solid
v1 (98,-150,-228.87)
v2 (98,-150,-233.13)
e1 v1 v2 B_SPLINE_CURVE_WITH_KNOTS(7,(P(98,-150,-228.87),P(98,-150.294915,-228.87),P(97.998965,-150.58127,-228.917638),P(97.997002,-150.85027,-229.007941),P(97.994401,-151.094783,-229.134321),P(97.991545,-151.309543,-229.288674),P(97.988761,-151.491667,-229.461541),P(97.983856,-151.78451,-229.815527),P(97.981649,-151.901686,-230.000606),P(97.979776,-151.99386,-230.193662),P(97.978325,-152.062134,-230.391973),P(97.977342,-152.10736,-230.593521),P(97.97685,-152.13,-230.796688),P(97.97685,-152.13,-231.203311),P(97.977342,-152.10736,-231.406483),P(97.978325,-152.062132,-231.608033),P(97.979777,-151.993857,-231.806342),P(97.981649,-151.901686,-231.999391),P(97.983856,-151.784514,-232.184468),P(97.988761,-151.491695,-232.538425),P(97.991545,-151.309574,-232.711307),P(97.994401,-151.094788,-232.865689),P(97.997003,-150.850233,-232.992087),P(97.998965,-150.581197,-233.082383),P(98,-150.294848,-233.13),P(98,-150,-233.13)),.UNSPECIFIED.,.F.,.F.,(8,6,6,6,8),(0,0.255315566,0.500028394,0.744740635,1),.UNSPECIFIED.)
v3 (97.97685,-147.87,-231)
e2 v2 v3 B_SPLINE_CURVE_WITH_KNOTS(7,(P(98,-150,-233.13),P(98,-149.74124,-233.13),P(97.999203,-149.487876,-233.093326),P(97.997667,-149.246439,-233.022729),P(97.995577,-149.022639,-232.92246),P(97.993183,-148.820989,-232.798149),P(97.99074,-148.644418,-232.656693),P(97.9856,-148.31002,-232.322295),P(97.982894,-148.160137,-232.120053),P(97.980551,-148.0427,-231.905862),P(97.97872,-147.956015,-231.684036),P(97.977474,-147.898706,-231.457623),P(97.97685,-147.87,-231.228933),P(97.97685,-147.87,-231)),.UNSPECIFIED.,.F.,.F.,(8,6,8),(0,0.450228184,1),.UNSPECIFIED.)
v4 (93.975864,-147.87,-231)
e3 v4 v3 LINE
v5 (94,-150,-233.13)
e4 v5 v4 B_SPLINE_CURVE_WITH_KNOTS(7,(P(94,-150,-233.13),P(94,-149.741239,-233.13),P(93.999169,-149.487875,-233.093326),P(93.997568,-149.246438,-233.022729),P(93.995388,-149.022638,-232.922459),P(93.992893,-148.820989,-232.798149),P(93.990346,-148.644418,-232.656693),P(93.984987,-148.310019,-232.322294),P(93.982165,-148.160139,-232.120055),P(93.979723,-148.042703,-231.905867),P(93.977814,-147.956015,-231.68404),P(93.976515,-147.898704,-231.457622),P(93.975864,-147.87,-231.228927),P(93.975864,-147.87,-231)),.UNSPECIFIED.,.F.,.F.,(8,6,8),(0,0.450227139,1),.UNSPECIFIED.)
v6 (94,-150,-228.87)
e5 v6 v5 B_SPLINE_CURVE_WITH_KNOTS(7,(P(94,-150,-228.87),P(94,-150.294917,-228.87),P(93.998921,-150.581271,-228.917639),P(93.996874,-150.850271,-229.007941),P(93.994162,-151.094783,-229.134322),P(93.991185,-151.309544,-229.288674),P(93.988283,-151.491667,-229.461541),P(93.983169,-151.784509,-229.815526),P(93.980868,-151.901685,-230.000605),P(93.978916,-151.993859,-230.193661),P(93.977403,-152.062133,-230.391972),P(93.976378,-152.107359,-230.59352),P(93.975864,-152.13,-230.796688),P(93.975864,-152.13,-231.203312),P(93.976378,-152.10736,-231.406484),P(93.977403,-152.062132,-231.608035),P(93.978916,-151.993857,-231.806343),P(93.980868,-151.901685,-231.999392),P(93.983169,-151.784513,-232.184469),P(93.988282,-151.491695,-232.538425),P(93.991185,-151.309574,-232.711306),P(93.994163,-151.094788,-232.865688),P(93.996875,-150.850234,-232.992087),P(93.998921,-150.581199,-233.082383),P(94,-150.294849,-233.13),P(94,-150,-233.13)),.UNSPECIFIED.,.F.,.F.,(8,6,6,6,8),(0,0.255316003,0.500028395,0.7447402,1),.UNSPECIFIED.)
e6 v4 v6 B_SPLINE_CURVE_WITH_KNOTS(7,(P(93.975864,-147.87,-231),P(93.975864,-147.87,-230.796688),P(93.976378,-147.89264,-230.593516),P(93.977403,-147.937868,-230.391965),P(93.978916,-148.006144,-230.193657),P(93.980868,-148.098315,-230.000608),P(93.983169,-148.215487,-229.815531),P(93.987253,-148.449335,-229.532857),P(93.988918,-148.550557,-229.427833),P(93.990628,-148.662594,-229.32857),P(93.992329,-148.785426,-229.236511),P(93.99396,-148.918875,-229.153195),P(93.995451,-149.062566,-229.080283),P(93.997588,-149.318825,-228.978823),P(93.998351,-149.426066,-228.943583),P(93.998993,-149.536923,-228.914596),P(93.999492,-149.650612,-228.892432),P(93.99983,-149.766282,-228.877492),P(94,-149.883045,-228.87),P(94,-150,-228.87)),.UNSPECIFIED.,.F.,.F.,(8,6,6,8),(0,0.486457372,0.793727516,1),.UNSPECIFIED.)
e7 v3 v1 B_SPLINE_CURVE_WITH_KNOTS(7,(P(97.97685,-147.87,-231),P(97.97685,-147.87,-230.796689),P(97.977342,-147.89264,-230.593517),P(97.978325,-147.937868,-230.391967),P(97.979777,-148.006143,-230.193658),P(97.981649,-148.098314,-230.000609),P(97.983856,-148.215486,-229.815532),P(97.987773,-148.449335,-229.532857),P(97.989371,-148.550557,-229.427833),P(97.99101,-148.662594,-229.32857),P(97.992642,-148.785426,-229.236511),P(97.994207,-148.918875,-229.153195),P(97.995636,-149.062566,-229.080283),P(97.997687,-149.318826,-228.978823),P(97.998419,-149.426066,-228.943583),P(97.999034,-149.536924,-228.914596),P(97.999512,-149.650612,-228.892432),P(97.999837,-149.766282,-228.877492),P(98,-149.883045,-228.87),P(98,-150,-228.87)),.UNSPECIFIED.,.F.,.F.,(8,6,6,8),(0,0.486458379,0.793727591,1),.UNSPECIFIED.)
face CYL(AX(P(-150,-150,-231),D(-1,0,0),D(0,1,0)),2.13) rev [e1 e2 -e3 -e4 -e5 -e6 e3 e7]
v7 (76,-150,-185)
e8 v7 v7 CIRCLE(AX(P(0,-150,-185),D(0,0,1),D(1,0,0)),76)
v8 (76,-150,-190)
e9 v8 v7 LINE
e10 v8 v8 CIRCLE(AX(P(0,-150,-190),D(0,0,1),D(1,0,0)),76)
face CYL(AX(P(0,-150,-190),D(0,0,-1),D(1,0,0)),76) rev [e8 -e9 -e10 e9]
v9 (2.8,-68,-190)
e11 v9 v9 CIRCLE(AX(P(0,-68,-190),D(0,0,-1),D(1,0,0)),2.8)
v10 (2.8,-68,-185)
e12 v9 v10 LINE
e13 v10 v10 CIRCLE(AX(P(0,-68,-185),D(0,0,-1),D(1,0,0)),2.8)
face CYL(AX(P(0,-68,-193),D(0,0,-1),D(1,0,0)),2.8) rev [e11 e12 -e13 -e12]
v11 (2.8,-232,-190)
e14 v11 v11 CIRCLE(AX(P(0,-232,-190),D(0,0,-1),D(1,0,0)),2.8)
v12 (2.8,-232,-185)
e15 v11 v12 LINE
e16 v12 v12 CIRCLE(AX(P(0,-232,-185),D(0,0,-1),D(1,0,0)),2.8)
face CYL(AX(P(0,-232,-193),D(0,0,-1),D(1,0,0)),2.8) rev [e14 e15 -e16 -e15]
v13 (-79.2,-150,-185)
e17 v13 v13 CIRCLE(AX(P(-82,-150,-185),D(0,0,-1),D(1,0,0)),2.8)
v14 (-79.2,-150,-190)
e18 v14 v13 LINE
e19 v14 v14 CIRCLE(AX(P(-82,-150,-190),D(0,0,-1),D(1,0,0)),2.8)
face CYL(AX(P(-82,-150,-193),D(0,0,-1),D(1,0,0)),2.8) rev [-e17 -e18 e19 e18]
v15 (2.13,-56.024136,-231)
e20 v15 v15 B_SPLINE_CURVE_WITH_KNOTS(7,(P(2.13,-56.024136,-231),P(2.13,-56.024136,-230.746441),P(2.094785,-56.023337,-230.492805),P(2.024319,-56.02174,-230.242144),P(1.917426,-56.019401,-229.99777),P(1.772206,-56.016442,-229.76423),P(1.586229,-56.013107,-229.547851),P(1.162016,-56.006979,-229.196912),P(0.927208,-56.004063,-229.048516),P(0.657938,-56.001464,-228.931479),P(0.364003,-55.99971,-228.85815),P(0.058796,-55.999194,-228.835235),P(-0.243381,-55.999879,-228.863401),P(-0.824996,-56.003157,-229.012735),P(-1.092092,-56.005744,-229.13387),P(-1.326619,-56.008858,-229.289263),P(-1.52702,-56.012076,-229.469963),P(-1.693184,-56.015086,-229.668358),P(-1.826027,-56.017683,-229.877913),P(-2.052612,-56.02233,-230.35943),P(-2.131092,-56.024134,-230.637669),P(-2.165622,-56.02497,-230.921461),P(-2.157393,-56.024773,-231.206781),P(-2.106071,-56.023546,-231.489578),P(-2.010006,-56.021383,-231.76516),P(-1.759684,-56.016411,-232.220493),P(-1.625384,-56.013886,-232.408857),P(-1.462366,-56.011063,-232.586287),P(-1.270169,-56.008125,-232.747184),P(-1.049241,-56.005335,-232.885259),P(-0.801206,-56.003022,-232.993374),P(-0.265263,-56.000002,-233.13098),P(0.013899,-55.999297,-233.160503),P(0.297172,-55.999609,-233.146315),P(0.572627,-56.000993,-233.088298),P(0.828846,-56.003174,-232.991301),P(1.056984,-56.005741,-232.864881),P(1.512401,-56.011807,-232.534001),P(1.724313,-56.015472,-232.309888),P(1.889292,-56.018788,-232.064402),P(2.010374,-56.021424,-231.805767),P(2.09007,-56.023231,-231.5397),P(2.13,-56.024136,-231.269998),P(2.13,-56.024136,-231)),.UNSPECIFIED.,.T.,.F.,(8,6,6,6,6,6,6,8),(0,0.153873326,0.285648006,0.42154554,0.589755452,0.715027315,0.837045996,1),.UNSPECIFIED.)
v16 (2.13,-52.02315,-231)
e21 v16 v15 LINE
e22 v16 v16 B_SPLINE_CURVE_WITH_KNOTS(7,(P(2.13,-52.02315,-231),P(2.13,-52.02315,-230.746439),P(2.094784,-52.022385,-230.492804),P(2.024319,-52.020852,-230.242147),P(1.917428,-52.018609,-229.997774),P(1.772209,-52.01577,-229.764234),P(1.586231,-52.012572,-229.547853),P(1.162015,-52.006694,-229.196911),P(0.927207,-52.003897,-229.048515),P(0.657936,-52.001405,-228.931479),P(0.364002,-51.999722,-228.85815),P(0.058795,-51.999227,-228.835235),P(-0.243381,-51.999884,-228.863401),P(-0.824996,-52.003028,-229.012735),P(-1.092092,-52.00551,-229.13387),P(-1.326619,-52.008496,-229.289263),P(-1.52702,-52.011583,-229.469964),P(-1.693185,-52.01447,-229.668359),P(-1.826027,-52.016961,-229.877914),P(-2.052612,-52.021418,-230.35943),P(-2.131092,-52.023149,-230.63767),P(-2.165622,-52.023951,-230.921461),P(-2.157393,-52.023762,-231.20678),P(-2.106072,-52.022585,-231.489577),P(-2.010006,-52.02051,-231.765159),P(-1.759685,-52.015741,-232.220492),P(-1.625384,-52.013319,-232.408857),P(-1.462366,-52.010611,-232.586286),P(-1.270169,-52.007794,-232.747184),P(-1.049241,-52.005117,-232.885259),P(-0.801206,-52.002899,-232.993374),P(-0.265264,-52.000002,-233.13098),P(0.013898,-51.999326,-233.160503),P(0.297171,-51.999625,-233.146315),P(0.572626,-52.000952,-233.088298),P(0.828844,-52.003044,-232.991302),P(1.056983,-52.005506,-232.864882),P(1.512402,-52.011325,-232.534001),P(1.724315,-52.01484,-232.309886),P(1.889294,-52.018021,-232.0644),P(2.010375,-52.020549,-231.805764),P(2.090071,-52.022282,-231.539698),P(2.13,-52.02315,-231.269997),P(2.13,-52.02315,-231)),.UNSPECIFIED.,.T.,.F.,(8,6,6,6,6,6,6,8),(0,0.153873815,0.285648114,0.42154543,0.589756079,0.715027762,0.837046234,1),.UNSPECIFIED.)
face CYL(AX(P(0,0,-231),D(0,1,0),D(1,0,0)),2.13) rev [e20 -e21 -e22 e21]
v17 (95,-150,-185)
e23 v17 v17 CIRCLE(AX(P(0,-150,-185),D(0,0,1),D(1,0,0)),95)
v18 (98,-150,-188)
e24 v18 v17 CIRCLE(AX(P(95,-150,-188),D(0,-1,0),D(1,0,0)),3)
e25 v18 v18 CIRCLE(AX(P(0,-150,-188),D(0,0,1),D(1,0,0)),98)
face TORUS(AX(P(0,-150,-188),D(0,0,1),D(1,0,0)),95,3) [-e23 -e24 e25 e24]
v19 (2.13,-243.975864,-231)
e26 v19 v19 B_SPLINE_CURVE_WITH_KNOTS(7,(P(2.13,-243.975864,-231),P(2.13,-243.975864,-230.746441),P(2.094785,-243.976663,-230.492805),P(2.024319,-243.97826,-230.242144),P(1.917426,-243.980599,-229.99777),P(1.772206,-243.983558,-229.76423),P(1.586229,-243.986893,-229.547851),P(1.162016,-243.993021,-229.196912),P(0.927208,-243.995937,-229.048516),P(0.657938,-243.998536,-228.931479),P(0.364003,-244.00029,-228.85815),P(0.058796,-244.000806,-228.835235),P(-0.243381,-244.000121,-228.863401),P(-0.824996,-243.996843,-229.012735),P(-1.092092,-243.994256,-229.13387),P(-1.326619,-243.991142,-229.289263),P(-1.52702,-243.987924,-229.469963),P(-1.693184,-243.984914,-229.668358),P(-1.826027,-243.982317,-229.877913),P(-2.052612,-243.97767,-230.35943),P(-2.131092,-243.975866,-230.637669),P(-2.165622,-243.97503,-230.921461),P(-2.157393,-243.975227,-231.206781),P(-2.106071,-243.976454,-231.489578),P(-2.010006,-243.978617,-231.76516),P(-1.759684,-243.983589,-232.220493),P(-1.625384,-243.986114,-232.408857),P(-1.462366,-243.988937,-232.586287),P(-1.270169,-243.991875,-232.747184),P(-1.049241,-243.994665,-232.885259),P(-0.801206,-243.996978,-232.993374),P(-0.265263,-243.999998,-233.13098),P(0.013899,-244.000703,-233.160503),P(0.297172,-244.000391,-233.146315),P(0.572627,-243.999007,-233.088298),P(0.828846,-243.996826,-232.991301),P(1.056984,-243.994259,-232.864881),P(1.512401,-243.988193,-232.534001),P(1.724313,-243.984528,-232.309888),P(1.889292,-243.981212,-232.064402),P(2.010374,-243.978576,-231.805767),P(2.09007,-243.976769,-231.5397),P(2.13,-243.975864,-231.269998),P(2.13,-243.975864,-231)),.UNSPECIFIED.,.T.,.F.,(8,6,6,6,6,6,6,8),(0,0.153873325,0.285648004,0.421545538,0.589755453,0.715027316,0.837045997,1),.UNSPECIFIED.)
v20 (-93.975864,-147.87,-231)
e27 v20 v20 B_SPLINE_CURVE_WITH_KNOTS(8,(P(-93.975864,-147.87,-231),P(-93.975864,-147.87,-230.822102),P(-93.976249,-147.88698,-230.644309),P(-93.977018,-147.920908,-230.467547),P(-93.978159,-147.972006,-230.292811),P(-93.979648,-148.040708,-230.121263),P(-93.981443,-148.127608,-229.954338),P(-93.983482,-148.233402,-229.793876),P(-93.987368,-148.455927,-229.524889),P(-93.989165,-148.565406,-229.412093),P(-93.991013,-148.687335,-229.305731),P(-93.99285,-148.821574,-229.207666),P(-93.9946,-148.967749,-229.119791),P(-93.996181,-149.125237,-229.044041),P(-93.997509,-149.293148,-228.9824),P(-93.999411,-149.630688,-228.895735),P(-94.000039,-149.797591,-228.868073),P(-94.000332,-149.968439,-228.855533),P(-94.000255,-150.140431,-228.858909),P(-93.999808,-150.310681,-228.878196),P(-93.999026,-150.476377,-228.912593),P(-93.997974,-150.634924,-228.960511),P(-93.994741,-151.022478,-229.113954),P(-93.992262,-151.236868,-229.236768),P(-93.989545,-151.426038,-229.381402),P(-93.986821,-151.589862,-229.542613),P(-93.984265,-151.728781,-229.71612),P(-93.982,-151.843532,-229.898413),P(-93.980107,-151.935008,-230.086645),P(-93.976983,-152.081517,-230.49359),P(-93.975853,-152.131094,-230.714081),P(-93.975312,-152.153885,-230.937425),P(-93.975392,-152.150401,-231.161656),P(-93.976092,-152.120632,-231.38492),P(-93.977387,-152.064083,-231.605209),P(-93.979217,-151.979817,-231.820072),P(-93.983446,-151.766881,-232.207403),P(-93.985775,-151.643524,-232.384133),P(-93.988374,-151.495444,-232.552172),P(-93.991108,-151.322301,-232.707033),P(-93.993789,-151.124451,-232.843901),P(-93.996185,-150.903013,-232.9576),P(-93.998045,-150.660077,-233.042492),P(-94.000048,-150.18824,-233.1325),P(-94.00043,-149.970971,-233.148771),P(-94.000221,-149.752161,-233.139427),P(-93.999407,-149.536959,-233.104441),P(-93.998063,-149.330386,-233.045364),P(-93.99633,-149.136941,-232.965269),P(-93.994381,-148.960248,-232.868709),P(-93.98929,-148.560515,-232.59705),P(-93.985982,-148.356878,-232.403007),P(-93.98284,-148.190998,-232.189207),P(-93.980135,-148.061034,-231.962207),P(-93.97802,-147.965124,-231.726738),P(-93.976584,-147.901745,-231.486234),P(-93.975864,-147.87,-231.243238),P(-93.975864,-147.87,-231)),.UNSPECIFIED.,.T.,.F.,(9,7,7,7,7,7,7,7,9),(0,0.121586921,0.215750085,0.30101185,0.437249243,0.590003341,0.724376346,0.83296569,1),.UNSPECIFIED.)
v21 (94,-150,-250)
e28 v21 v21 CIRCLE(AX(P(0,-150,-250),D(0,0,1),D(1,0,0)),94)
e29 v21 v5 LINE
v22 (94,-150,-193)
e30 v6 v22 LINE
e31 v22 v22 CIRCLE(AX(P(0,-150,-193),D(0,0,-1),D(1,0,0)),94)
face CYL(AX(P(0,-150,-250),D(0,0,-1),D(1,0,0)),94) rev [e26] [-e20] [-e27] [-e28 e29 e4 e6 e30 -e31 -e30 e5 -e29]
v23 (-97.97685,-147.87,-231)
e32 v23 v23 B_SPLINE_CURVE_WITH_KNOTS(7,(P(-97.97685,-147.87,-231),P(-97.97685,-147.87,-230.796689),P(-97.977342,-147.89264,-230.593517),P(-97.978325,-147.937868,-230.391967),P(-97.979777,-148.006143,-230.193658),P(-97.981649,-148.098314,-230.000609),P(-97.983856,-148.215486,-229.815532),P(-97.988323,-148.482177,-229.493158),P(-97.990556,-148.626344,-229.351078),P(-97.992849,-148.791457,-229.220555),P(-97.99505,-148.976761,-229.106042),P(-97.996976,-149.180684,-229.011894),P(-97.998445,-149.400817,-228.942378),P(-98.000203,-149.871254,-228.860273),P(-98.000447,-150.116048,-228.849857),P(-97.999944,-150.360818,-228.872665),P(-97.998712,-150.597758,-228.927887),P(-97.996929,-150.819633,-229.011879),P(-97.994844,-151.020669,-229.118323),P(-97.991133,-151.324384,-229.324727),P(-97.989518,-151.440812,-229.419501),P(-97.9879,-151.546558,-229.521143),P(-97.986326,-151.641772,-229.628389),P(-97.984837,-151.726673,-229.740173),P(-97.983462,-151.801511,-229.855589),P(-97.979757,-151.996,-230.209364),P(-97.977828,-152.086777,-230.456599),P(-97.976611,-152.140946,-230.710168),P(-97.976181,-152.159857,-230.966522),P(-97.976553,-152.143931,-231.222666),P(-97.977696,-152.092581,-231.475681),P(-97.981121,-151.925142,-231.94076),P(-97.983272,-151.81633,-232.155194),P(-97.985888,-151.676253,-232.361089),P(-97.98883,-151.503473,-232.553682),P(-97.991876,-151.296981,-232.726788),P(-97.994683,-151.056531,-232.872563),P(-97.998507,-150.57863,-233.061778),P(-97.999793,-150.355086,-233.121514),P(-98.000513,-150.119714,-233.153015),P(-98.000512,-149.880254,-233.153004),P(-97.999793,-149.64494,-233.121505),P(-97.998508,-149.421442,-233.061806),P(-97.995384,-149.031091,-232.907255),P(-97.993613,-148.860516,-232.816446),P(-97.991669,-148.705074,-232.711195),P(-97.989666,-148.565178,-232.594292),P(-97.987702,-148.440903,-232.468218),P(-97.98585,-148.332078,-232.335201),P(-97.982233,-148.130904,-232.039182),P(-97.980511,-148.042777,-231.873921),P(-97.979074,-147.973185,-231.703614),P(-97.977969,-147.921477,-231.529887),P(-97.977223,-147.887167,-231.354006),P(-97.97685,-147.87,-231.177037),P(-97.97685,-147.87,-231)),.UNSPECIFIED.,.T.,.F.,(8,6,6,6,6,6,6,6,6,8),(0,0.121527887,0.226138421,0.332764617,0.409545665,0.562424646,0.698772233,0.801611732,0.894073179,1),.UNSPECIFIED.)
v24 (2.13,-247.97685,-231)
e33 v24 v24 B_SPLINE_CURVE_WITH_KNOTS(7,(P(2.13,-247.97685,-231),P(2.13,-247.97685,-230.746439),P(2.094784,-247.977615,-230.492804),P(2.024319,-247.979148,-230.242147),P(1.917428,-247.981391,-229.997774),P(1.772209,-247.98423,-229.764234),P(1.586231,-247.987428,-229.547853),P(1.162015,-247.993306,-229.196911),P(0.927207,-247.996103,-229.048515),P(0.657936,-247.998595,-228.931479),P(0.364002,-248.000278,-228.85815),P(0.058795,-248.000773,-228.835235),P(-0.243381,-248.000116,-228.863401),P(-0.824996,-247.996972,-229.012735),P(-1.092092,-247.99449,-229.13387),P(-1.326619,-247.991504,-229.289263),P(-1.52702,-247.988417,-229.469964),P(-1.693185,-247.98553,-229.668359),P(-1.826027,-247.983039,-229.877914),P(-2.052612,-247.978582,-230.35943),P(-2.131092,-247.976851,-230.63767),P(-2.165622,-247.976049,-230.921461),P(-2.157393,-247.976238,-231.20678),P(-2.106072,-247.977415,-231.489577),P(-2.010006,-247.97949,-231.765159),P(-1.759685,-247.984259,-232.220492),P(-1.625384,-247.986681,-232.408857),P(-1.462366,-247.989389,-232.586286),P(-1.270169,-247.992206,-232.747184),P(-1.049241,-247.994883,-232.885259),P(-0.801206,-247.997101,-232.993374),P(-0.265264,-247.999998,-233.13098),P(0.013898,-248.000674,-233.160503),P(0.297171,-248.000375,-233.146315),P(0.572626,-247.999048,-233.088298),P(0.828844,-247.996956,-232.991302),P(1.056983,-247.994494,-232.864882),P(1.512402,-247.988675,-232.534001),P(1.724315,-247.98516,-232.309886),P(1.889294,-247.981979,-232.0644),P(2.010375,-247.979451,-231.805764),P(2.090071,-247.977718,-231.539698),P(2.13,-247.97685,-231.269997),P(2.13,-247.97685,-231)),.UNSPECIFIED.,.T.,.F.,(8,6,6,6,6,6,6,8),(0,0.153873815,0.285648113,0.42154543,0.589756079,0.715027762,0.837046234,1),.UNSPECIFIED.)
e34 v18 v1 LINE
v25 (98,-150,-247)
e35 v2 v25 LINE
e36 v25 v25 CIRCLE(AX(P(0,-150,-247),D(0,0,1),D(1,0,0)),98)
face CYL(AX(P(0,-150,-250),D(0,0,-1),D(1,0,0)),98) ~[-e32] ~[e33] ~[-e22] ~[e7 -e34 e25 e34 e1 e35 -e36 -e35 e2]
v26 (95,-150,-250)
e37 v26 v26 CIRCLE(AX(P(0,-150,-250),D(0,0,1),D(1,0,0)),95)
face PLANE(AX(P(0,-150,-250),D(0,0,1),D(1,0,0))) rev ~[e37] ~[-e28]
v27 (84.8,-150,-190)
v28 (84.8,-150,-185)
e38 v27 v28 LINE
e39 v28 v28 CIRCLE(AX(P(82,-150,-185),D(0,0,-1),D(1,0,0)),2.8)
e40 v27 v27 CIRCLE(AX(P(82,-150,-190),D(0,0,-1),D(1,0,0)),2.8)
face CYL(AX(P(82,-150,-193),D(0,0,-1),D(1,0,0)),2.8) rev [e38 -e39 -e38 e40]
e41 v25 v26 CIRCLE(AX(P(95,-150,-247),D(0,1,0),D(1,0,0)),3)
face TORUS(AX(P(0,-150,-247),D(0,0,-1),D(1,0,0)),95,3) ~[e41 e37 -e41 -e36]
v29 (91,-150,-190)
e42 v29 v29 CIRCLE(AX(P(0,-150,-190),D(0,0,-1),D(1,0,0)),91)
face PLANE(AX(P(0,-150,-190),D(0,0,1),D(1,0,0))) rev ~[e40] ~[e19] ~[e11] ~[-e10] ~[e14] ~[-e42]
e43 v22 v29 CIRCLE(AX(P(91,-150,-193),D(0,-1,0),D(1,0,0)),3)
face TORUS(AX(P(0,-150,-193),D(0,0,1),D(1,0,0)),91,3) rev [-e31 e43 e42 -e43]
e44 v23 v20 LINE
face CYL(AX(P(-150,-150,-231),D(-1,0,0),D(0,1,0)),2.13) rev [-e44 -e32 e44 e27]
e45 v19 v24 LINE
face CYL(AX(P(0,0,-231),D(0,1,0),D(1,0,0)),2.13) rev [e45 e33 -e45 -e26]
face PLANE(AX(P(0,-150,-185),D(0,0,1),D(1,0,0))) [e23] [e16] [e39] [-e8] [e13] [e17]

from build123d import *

# Parameters (mm, degrees)
SKETCH044_R       = 2.8
EXTRUDE026_DEPTH  = 20
CYLINDER131_R     = 2.13
CYLINDER131_DEPTH = 300
CYLINDER132_R     = 2.13
CYLINDER132_DEPTH = 300
TUBE004_R         = 98
TUBE004_R_2       = 94
TUBE004_DEPTH     = 65
SKETCH042_R       = 98
SKETCH042_R_2     = 76
EXTRUDE024_DEPTH  = 5
FILLET002_R       = 3


with BuildPart() as m4heatsetvercuts001:
    # Sketch044 → Extrude026 (new body)
    with BuildSketch(Plane.XY):
        with Locations((0, -68)):
            Circle(SKETCH044_R)
        with Locations((82, -150)):
            Circle(SKETCH044_R)
        with Locations((0, -232)):
            Circle(SKETCH044_R)
        with Locations((-82, -150)):
            Circle(SKETCH044_R)
    extrude(amount=EXTRUDE026_DEPTH)


with BuildPart() as m4heatsetvercuts001_1:
    # Extrude026 placement: moved
    add(m4heatsetvercuts001.part.moved(Location((0, 0, -193))))


with BuildPart() as cylinder131:
    # Cylinder131 → Cylinder131 (new body)
    with BuildSketch(Plane(origin=(0, 0, 90), x_dir=(1, 0, 0), z_dir=(0, -1, 0))):
        Circle(CYLINDER131_R)
    extrude(amount=CYLINDER131_DEPTH)


with BuildPart() as m4cuts009:
    # Cylinder132 → Cylinder132 (new body)
    with BuildSketch(Plane(origin=(-150, -150, 90), x_dir=(0, 1, 0), z_dir=(1, 0, 0))):
        Circle(CYLINDER132_R)
    extrude(amount=CYLINDER132_DEPTH)

    # Fusion084: union Cylinder131
    add(cylinder131.part)


with BuildPart() as m4cuts009_1:
    # Fusion084 placement: moved
    add(m4cuts009.part.moved(Location((0, 0, -321))))


with BuildPart() as tube004:
    # Tube004 → Tube004 (new body)
    with BuildSketch(Plane(origin=(0, -150, -125), x_dir=(1, 0, 0), z_dir=(0, 0, 1))):
        Circle(TUBE004_R)
        Circle(TUBE004_R_2, mode=Mode.SUBTRACT)
    extrude(amount=TUBE004_DEPTH)


with BuildPart() as level5s001:
    # Sketch042 → Extrude024 (new body)
    with BuildSketch(Plane.XY):
        with Locations((0, -150)):
            Circle(SKETCH042_R)
        with Locations((0, -150)):
            Circle(SKETCH042_R_2, mode=Mode.SUBTRACT)
    extrude(amount=EXTRUDE024_DEPTH)


with BuildPart() as level5s001_1:
    # Extrude024 placement: moved
    add(level5s001.part.moved(Location((0, 0, -65))))

    # Fusion082: union Tube004
    add(tube004.part)


with BuildPart() as level5s001_2:
    # Fusion082 placement: moved
    add(level5s001_1.part.moved(Location((0, 0, -125))))

    # Cut036: cut m4Cuts009
    add(m4cuts009_1.part, mode=Mode.SUBTRACT)

    # Cut038: cut m4HeatSetVerCuts001
    add(m4heatsetvercuts001_1.part, mode=Mode.SUBTRACT)

    # Fillet002
    fillet002_edges = [level5s001_2.edges().sort_by_distance(p)[0] for p in [
        (-98, -150, -185),
        (-98, -150, -250),
        (-94, -150, -190),
    ]]
    fillet(fillet002_edges, radius=FILLET002_R)


solid = level5s001_2.part
